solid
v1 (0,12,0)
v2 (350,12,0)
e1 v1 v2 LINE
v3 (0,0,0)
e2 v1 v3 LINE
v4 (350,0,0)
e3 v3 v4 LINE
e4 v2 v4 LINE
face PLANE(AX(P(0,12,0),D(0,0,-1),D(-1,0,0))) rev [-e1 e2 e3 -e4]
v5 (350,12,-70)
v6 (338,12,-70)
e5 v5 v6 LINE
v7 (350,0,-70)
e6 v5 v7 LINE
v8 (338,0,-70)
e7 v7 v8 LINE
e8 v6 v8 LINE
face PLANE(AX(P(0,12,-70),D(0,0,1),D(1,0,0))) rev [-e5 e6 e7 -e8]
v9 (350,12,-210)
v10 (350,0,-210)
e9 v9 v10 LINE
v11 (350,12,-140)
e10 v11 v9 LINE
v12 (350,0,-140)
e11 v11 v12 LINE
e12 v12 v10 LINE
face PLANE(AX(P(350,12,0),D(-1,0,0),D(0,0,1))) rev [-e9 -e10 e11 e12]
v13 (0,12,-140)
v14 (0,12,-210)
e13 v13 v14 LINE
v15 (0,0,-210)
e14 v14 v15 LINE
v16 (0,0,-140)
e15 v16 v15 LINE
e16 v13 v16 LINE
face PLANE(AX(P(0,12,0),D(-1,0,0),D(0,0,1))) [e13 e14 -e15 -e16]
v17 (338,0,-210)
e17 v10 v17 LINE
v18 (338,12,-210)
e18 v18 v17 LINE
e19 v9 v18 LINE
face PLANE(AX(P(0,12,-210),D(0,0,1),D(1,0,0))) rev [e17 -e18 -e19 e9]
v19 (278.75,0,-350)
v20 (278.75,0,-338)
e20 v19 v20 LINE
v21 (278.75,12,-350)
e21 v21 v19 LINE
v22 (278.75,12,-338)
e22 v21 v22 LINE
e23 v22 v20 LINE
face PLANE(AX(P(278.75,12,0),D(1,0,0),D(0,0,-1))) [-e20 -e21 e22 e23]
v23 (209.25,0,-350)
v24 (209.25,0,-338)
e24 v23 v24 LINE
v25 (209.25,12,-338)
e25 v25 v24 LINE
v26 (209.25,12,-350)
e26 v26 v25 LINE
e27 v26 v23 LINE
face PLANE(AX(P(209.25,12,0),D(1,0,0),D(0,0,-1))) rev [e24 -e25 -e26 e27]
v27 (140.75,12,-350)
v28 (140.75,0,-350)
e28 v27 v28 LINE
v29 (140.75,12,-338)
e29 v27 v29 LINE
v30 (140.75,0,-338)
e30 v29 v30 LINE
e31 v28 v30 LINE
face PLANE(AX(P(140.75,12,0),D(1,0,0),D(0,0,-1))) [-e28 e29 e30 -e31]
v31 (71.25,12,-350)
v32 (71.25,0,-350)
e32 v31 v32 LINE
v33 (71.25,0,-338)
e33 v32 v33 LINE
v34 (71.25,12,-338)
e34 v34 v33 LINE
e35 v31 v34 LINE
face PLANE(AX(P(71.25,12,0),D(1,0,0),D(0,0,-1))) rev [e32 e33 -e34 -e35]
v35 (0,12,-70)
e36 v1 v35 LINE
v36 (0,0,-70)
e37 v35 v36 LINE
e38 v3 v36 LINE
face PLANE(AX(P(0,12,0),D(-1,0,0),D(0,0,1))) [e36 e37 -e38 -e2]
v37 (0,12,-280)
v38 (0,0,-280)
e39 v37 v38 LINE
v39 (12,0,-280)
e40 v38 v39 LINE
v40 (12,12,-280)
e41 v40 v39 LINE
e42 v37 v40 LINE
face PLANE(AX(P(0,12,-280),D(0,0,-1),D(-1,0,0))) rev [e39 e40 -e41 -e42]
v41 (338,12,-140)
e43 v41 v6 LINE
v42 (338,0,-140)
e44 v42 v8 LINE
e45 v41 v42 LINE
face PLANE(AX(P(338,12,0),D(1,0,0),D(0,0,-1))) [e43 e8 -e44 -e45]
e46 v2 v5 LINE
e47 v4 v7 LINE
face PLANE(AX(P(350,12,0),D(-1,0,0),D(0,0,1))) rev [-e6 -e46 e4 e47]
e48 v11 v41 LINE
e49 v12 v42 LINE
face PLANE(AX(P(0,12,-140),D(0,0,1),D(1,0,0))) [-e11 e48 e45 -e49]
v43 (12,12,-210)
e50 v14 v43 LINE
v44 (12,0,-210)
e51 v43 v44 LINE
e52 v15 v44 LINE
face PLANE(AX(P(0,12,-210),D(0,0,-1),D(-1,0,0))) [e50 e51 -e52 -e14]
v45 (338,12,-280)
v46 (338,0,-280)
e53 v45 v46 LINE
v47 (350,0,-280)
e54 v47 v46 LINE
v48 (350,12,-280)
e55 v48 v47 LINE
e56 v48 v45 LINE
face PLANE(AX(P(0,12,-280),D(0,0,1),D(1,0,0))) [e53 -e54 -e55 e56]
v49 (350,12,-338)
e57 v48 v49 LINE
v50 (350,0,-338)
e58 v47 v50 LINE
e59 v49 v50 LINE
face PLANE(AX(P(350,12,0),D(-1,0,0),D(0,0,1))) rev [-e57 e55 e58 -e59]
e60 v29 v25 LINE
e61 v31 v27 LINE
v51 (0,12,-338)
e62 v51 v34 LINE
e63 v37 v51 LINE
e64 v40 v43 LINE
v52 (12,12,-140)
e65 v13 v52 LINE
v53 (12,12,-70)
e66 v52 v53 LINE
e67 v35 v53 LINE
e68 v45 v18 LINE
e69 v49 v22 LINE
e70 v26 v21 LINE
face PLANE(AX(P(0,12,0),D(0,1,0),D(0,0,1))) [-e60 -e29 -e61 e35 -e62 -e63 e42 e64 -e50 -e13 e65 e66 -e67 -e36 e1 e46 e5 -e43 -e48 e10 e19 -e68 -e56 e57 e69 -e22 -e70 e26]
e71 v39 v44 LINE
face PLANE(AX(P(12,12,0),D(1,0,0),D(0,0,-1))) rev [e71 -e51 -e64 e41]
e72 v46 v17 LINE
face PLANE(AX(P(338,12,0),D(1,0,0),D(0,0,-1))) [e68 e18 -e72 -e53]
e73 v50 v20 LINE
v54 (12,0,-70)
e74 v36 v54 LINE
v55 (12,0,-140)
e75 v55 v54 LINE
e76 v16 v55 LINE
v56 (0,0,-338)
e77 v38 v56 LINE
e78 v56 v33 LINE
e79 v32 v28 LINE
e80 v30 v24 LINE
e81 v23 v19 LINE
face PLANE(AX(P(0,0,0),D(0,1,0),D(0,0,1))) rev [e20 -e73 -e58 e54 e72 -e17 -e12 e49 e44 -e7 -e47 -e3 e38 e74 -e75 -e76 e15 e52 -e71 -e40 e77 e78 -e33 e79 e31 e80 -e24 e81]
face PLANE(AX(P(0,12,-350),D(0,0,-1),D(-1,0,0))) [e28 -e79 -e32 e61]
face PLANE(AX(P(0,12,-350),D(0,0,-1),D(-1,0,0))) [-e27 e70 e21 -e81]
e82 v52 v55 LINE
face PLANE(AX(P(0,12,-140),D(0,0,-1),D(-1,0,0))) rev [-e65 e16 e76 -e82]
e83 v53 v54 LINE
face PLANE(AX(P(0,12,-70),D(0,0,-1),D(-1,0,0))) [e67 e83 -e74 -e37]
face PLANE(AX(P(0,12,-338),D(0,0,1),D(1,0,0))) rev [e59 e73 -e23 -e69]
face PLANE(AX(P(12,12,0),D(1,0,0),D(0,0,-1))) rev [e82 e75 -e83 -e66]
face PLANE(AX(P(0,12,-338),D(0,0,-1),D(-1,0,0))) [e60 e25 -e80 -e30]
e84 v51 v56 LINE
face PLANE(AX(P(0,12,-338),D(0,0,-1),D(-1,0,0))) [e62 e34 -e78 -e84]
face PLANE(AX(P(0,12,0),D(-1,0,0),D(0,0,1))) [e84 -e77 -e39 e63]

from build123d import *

# Parameters (mm, degrees)
BOSS_EXTRUDE1_DEPTH = 12


with BuildPart() as part:
    # Sketch1 → Boss-Extrude1 (new body)
    with BuildSketch(Plane(origin=(0, 0, 0), x_dir=(1, 0, 0), z_dir=(0, 1, 0))):
        Polygon((350, 280), (338, 280), (338, 210), (350, 210), (350, 140), (338, 140), (338, 70), (350, 70), (350, 0), (0, 0), (0, 70), (12, 70), (12, 140), (0, 140), (0, 210), (12, 210), (12, 280), (0, 280), (0, 338), (71.25, 338), (71.25, 350), (140.75, 350), (140.75, 338), (209.25, 338), (209.25, 350), (278.75, 350), (278.75, 338), (350, 338), align=None)
    extrude(amount=BOSS_EXTRUDE1_DEPTH)


solid = part.part
